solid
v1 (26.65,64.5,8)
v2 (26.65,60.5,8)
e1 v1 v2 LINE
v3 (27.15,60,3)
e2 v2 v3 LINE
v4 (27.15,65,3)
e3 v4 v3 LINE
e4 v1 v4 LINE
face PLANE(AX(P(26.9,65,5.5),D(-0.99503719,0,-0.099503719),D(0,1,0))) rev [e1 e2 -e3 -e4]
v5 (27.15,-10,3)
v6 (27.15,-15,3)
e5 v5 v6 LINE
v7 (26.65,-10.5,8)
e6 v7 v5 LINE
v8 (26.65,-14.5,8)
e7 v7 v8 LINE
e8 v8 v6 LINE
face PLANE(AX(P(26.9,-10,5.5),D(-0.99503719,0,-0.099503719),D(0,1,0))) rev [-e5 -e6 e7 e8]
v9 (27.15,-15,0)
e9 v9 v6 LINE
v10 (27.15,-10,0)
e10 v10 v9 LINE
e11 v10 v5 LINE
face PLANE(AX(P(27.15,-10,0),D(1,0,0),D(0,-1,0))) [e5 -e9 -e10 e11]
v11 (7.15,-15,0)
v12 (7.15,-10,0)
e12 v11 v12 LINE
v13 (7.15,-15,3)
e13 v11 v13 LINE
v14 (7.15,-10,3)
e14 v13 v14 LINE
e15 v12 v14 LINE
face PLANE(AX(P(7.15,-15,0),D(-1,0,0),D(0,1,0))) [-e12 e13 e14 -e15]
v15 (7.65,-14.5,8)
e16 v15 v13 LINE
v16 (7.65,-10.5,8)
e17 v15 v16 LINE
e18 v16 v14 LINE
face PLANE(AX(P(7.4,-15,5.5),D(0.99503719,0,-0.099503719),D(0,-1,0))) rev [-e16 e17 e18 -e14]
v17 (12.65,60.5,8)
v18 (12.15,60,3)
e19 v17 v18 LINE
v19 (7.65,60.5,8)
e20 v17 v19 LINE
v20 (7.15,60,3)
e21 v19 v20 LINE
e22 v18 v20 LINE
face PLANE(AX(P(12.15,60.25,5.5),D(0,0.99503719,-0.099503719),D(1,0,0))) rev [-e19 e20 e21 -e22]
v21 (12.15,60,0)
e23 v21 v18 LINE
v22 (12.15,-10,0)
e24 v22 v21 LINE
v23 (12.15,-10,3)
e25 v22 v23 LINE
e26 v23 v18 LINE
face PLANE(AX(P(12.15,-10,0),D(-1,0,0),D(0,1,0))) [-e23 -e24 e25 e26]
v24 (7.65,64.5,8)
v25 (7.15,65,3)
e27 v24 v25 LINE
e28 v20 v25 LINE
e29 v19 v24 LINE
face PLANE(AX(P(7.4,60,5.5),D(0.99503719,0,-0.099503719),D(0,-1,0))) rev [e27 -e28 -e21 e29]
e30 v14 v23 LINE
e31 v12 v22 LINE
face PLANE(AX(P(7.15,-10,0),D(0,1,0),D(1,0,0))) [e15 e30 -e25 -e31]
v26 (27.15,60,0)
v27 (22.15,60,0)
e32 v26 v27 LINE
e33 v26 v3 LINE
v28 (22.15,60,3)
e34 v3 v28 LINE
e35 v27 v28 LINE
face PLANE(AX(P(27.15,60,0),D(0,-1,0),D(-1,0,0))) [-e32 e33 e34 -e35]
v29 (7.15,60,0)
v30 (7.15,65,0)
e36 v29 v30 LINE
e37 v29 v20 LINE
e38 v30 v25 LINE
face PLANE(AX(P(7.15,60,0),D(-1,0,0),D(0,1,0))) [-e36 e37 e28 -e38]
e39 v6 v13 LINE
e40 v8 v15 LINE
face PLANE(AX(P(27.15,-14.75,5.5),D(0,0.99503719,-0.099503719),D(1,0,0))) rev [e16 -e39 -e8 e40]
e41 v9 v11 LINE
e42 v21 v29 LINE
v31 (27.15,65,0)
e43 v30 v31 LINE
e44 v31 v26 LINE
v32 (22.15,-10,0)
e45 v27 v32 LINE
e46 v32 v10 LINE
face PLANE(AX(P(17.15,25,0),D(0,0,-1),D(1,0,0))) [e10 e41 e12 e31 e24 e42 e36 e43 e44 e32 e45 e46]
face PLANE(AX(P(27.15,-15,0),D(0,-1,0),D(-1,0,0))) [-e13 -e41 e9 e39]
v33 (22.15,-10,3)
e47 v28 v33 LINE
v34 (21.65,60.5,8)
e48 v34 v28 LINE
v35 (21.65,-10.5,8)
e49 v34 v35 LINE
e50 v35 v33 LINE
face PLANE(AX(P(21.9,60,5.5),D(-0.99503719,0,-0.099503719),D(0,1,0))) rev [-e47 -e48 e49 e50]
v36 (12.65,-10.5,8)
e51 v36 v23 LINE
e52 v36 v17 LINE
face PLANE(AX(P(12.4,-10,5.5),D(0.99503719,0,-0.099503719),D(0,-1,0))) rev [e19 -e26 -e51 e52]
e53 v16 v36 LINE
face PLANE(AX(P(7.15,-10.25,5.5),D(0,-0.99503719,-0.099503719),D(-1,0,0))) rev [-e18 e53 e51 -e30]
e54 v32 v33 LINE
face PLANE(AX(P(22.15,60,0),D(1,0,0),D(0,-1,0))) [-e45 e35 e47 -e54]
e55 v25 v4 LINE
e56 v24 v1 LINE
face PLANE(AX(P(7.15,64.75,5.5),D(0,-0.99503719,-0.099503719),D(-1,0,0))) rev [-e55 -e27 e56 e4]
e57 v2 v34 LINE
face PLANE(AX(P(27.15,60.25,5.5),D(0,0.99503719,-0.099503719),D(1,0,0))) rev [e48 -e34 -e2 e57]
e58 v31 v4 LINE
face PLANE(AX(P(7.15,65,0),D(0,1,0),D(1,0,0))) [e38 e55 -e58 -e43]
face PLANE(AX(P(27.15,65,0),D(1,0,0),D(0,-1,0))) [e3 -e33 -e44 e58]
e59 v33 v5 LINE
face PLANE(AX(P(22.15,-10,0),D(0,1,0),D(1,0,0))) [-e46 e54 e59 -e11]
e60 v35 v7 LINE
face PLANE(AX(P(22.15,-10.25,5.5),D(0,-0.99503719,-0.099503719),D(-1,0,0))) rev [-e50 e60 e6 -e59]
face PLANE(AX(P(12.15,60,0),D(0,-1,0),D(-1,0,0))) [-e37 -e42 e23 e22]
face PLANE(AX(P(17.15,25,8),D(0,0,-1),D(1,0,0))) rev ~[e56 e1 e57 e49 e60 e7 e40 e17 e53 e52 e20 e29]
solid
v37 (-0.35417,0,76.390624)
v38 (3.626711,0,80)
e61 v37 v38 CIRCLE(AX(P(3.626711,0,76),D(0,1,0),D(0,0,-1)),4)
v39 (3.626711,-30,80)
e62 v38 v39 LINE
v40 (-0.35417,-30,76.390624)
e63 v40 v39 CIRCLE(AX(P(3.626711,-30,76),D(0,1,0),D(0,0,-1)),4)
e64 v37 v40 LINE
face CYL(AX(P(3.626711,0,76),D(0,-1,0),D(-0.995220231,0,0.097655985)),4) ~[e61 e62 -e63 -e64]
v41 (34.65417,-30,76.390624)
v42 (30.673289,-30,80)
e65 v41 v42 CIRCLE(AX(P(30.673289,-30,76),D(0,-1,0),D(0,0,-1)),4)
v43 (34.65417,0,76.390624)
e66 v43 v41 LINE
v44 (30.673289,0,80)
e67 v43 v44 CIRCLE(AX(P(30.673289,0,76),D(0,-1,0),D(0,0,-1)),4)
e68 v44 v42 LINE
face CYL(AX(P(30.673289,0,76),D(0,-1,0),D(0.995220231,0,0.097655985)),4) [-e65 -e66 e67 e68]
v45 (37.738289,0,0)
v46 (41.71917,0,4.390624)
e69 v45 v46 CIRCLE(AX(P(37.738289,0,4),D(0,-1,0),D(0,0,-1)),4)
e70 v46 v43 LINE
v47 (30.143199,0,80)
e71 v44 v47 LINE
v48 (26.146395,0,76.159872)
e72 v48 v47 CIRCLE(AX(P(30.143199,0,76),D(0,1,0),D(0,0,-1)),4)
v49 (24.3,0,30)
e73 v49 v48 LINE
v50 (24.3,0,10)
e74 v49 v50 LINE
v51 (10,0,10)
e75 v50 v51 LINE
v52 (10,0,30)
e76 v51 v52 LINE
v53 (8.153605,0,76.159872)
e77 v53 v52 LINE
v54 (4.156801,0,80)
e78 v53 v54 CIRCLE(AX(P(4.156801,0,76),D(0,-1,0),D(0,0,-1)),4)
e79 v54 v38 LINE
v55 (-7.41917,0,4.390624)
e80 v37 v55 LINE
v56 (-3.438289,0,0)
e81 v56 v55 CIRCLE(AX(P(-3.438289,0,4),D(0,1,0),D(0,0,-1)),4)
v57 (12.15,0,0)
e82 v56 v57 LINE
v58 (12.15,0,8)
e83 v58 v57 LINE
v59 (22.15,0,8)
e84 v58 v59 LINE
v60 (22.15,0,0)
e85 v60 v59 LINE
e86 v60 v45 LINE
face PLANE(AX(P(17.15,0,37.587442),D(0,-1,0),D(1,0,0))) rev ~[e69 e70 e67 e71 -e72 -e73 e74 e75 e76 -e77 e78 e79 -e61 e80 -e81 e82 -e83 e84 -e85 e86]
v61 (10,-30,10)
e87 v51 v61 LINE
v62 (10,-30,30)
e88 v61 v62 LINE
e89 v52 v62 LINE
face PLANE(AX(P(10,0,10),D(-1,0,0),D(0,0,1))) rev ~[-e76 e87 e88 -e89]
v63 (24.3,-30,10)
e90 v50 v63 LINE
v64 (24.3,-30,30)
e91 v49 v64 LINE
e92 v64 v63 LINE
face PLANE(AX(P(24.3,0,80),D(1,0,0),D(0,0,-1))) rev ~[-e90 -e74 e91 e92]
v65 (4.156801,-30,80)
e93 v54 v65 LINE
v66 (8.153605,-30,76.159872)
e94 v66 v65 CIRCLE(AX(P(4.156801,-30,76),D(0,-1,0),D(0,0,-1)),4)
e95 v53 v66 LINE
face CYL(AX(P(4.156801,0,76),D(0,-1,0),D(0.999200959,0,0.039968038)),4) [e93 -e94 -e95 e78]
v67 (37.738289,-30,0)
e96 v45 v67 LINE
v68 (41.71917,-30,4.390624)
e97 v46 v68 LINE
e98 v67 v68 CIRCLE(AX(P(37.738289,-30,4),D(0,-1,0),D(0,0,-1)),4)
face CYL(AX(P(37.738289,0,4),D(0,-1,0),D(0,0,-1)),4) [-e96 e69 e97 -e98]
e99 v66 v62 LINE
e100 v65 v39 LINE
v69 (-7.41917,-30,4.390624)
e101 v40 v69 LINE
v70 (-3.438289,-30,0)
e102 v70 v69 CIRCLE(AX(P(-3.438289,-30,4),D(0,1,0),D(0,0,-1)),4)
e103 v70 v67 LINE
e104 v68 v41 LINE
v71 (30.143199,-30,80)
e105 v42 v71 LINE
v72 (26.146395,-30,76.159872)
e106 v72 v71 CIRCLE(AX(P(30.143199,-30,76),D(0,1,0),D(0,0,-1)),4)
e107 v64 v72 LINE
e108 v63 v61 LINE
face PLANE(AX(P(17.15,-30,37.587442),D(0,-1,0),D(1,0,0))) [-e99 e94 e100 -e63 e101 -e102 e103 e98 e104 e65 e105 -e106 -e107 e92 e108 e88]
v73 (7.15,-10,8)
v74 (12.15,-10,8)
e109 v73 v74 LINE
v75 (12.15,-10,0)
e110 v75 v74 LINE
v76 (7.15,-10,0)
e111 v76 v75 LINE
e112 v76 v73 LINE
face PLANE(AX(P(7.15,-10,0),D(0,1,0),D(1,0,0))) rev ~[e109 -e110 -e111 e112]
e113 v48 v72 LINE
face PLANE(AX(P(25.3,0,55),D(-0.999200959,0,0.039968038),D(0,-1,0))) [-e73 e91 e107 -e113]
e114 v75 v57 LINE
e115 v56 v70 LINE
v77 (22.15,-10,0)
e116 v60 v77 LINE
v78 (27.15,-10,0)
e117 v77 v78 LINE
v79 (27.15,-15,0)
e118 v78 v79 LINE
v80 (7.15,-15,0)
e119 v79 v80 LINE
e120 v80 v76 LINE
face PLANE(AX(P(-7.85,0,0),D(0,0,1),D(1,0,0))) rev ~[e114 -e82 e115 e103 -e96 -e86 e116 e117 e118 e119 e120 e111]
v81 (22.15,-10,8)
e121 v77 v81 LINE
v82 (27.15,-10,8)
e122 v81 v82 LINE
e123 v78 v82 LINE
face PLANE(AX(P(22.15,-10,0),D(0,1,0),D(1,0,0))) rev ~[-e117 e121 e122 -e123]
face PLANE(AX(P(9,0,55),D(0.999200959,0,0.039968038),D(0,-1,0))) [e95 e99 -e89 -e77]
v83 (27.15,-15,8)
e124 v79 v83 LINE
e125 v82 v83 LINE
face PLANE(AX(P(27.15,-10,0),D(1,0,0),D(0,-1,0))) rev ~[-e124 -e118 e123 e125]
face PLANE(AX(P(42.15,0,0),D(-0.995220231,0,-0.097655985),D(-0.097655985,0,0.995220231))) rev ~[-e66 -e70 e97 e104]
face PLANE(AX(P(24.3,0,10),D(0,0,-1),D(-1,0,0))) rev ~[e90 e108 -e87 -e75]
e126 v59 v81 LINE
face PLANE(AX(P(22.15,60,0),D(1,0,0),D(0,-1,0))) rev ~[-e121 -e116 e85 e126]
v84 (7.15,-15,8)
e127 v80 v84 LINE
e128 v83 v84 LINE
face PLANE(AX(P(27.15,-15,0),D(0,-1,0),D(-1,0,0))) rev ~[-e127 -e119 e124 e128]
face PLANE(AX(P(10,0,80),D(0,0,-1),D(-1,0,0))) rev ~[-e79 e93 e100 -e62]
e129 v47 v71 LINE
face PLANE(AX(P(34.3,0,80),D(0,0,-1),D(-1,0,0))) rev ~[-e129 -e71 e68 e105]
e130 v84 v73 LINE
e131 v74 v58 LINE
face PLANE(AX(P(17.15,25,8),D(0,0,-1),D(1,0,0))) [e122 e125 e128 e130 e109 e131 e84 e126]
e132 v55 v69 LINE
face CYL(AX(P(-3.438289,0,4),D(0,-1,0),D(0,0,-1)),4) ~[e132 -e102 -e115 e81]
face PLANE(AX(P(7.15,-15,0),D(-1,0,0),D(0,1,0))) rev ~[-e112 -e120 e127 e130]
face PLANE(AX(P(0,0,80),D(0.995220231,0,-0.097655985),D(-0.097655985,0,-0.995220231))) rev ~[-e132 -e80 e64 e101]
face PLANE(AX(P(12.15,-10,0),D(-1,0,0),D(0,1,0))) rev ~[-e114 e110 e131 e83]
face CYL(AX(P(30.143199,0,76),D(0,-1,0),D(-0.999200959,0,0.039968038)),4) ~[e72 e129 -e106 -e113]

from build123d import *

# Parameters (mm, degrees)
F1_DEPTH = 30
F3_DEPTH = 8
F5_R     = 4
F6_SIZE2 = 50
F6_SIZE  = 2
F7_SIZE2 = 2
F7_SIZE  = 50
F8_R     = 4
F9_SIZE2 = 5
F9_SIZE  = 0.5


with BuildPart() as f1:
    # F0 (on Front) → F1 (new body)
    with BuildSketch(Plane.XZ):
        Polygon((-7.85, 0), (0, 0), (34.3, 0), (42.15, 0), (34.3, 80), (24.3, 80), (24.3, 10), (10, 10), (10, 80), (0, 80), align=None)
    extrude(amount=F1_DEPTH)


with BuildPart() as f3:
    # F2 (on face) → F3 (new body)
    with BuildSketch(Plane(origin=(0, 0, 0), x_dir=(1, 0, 0), z_dir=(0, 0, -1))):
        Polygon((12.15, 10), (12.15, 0), (12.15, -50), (12.15, -60), (7.15, -60), (7.15, -65), (27.15, -65), (27.15, -60), (22.15, -60), (22.15, -50), (22.15, 0), (22.15, 10), (27.15, 10), (27.15, 15), (7.15, 15), (7.15, 10), align=None)
    extrude(amount=-F3_DEPTH)


with BuildPart() as f1_1:
    add(f1.part)

    # F4: cut F3
    add(f3.part, mode=Mode.SUBTRACT)

    # F5
    f5_edges = [f1_1.edges().sort_by_distance(p)[0] for p in [
        (-7.85, -15, 0),
        (42.15, -15, 0),
        (34.3, -15, 80),
        (0, -15, 80),
    ]]
    fillet(f5_edges, radius=F5_R)

    # F6
    f6_edges = [f1_1.edges().sort_by_distance(p)[0] for p in [
        (10, -15, 80),
    ]]
    f6_side = f1_1.faces().sort_by_distance((6.813355, -15, 80))[0]
    chamfer(f6_edges, length=F6_SIZE, length2=F6_SIZE2, reference=f6_side)

    # F7
    f7_edges = [f1_1.edges().sort_by_distance(p)[0] for p in [
        (24.3, -15, 80),
    ]]
    f7_side = f1_1.faces().sort_by_distance((24.3, -15, 45))[0]
    chamfer(f7_edges, length=F7_SIZE, length2=F7_SIZE2, reference=f7_side)

    # F8
    f8_edges = [f1_1.edges().sort_by_distance(p)[0] for p in [
        (8, -15, 80),
        (26.3, -15, 80),
    ]]
    fillet(f8_edges, radius=F8_R)


with BuildPart() as f3_1:
    add(f3.part)

    # F9
    f9_edges = [f3_1.edges().sort_by_distance(p)[0] for p in [
        (22.15, 25, 8),
        (24.65, 60, 8),
        (27.15, 62.5, 8),
        (24.65, -10, 8),
        (27.15, -12.5, 8),
        (17.15, 65, 8),
        (7.15, 62.5, 8),
        (12.15, 25, 8),
        (9.65, -10, 8),
        (7.15, -12.5, 8),
        (9.65, 60, 8),
        (17.15, -15, 8),
    ]]
    f9_side = f3_1.faces().sort_by_distance((17.15, 25, 8))[0]
    chamfer(f9_edges, length=F9_SIZE, length2=F9_SIZE2, reference=f9_side)


solid = Compound([f1_1.part, f3_1.part])
